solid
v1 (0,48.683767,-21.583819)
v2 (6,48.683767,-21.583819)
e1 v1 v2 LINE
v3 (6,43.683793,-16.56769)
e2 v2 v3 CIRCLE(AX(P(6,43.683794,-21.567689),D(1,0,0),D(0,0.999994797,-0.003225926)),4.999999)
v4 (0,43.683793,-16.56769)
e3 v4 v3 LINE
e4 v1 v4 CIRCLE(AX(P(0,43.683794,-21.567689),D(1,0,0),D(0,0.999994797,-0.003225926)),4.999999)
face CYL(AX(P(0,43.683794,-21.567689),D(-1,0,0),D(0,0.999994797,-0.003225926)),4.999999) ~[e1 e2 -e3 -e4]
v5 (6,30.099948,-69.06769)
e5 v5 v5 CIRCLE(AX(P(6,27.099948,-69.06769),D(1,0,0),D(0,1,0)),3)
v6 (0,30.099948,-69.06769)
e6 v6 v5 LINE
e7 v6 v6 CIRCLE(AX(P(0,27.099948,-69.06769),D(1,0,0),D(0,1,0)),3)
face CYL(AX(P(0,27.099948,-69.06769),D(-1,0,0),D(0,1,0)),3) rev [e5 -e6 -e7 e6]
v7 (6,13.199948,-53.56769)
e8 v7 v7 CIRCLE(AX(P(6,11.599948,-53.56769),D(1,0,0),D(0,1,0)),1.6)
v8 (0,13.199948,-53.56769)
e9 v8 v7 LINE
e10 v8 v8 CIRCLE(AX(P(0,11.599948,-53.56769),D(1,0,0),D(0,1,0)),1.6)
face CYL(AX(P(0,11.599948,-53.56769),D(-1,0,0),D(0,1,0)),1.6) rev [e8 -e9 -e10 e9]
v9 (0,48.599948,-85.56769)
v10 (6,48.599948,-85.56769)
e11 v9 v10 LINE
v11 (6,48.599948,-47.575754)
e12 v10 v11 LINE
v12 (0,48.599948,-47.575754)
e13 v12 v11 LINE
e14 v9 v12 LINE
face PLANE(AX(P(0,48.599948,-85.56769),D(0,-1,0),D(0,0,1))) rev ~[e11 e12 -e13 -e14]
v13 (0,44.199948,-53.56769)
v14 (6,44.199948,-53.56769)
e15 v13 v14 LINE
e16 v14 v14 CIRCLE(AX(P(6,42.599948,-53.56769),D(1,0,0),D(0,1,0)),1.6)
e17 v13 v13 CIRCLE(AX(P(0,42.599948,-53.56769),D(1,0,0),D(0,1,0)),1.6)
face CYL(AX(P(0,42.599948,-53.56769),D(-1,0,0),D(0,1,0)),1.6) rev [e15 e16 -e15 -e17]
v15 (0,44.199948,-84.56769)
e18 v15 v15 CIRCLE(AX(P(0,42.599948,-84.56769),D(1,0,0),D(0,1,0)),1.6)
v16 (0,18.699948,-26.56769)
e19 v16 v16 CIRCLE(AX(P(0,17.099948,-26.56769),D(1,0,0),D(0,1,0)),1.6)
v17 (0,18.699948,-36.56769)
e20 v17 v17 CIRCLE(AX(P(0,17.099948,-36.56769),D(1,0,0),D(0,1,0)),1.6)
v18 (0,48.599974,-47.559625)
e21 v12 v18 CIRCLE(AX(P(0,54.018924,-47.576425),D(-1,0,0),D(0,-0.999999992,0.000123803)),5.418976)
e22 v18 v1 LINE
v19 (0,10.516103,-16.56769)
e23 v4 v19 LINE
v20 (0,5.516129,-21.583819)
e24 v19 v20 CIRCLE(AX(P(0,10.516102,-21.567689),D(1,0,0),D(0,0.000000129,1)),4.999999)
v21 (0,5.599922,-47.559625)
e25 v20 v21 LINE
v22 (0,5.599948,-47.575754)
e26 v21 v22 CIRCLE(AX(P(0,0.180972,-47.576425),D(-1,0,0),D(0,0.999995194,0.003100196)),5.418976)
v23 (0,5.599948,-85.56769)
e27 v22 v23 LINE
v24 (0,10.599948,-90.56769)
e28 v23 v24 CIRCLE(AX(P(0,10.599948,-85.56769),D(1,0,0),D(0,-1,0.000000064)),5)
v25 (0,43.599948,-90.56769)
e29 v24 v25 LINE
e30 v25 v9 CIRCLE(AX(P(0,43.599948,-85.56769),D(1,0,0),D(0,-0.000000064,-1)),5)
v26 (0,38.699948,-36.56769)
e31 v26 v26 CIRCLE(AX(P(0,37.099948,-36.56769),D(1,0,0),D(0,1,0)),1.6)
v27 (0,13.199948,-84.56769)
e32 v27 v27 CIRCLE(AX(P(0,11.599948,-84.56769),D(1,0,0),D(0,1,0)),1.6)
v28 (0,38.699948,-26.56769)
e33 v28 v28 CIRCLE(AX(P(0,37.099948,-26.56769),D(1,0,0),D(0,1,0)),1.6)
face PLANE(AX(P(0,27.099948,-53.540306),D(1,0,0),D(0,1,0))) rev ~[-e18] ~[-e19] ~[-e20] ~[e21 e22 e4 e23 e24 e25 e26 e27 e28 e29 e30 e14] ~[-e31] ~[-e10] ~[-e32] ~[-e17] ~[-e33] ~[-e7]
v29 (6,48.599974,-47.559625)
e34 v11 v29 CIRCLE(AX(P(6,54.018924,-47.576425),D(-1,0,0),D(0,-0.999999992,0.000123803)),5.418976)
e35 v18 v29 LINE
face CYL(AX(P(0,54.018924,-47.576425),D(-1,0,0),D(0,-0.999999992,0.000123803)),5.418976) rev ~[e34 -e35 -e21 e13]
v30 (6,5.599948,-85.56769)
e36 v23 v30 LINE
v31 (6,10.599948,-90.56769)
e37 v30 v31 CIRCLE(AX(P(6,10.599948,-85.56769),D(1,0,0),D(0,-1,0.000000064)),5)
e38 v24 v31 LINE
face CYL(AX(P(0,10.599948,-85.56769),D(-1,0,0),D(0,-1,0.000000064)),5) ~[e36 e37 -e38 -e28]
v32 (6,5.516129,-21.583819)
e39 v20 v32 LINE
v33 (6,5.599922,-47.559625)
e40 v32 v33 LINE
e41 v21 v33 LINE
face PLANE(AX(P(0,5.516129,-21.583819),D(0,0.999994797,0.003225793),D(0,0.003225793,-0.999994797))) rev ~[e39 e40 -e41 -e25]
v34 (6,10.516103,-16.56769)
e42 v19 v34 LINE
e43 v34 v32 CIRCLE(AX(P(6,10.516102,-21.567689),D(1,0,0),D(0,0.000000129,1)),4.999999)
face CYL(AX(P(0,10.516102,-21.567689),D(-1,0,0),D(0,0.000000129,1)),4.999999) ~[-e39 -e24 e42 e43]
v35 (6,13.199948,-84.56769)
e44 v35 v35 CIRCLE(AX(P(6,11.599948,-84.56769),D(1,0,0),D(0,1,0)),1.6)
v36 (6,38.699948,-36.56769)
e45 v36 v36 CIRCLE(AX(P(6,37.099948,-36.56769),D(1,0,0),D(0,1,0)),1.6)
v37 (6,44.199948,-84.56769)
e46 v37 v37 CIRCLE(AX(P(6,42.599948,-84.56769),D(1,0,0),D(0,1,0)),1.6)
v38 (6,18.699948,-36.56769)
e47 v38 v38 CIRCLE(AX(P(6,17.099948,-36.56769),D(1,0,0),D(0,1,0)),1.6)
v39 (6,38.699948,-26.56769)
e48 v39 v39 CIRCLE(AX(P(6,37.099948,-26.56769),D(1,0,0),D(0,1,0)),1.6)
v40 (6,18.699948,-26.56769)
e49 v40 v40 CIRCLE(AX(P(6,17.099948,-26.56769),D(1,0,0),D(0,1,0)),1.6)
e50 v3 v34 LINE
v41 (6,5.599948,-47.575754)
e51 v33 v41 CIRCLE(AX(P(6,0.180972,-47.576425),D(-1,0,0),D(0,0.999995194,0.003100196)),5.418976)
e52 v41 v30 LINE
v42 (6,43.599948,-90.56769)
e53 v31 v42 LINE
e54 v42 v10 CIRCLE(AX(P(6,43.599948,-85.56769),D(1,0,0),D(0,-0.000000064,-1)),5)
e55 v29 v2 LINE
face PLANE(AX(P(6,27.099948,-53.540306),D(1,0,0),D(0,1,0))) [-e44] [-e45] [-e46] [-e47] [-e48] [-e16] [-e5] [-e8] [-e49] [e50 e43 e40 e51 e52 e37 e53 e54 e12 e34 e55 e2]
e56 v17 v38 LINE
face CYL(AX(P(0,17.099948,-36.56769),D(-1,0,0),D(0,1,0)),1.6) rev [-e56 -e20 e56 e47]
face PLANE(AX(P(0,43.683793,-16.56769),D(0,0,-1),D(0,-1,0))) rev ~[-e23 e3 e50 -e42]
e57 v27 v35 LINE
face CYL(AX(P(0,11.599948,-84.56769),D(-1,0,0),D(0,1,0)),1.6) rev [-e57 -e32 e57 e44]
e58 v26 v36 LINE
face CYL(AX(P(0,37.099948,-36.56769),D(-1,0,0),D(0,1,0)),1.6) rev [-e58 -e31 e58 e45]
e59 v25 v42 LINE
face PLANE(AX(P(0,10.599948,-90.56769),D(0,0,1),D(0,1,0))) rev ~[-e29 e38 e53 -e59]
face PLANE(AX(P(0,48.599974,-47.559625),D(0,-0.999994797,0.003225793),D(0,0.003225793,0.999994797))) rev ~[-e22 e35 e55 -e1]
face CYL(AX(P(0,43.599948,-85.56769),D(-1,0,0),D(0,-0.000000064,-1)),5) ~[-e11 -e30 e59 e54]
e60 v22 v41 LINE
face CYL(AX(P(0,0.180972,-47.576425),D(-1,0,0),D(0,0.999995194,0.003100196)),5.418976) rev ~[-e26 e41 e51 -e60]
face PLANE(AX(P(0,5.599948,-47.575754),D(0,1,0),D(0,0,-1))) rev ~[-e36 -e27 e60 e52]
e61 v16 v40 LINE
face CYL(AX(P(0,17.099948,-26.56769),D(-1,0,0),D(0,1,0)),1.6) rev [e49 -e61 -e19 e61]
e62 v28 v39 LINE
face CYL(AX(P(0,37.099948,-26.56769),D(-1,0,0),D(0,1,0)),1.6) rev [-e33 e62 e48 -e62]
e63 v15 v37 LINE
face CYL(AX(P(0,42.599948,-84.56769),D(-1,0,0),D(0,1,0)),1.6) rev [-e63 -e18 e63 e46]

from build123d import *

# Parameters (mm, degrees)
F0_R     = 1.6
F0_R_2   = 3
F1_DEPTH = 6


with BuildPart() as f1:
    # F0 (on Right) → F1 (new body)
    with BuildSketch(Plane.YZ):
        with BuildLine():
            Line((5.599948, -47.575754), (5.599948, -85.56769))
            ThreePointArc((5.599948, -85.56769), (7.064414, -89.103224), (10.599948, -90.56769))
            Line((10.599948, -90.56769), (43.599948, -90.56769))
            ThreePointArc((43.599948, -90.56769), (47.135482, -89.103224), (48.599948, -85.56769))
            Line((48.599948, -85.56769), (48.599948, -47.575754))
            ThreePointArc((48.599948, -47.575754), (48.599955, -47.567689), (48.599974, -47.559625))
            Line((48.599974, -47.559625), (48.683767, -21.583819))
            ThreePointArc((48.683767, -21.583819), (47.225025, -18.037863), (43.683793, -16.56769))
            Line((43.683793, -16.56769), (10.516103, -16.56769))
            ThreePointArc((10.516103, -16.56769), (6.974871, -18.037863), (5.516129, -21.583819))
            Line((5.516129, -21.583819), (5.599922, -47.559625))
            ThreePointArc((5.599922, -47.559625), (5.599941, -47.567689), (5.599948, -47.575754))
        make_face()
        with Locations((11.599948, -84.56769)):
            Circle(F0_R, mode=Mode.SUBTRACT)
        with Locations((42.599948, -84.56769)):
            Circle(F0_R, mode=Mode.SUBTRACT)
        with Locations((27.099948, -69.06769)):
            Circle(F0_R_2, mode=Mode.SUBTRACT)
        with Locations((11.599948, -53.56769)):
            Circle(F0_R, mode=Mode.SUBTRACT)
        with Locations((17.099948, -36.56769)):
            Circle(F0_R, mode=Mode.SUBTRACT)
        with Locations((17.099948, -26.56769)):
            Circle(F0_R, mode=Mode.SUBTRACT)
        with Locations((37.099948, -36.56769)):
            Circle(F0_R, mode=Mode.SUBTRACT)
        with Locations((42.599948, -53.56769)):
            Circle(F0_R, mode=Mode.SUBTRACT)
        with Locations((37.099948, -26.56769)):
            Circle(F0_R, mode=Mode.SUBTRACT)
    extrude(amount=F1_DEPTH)


solid = f1.part
